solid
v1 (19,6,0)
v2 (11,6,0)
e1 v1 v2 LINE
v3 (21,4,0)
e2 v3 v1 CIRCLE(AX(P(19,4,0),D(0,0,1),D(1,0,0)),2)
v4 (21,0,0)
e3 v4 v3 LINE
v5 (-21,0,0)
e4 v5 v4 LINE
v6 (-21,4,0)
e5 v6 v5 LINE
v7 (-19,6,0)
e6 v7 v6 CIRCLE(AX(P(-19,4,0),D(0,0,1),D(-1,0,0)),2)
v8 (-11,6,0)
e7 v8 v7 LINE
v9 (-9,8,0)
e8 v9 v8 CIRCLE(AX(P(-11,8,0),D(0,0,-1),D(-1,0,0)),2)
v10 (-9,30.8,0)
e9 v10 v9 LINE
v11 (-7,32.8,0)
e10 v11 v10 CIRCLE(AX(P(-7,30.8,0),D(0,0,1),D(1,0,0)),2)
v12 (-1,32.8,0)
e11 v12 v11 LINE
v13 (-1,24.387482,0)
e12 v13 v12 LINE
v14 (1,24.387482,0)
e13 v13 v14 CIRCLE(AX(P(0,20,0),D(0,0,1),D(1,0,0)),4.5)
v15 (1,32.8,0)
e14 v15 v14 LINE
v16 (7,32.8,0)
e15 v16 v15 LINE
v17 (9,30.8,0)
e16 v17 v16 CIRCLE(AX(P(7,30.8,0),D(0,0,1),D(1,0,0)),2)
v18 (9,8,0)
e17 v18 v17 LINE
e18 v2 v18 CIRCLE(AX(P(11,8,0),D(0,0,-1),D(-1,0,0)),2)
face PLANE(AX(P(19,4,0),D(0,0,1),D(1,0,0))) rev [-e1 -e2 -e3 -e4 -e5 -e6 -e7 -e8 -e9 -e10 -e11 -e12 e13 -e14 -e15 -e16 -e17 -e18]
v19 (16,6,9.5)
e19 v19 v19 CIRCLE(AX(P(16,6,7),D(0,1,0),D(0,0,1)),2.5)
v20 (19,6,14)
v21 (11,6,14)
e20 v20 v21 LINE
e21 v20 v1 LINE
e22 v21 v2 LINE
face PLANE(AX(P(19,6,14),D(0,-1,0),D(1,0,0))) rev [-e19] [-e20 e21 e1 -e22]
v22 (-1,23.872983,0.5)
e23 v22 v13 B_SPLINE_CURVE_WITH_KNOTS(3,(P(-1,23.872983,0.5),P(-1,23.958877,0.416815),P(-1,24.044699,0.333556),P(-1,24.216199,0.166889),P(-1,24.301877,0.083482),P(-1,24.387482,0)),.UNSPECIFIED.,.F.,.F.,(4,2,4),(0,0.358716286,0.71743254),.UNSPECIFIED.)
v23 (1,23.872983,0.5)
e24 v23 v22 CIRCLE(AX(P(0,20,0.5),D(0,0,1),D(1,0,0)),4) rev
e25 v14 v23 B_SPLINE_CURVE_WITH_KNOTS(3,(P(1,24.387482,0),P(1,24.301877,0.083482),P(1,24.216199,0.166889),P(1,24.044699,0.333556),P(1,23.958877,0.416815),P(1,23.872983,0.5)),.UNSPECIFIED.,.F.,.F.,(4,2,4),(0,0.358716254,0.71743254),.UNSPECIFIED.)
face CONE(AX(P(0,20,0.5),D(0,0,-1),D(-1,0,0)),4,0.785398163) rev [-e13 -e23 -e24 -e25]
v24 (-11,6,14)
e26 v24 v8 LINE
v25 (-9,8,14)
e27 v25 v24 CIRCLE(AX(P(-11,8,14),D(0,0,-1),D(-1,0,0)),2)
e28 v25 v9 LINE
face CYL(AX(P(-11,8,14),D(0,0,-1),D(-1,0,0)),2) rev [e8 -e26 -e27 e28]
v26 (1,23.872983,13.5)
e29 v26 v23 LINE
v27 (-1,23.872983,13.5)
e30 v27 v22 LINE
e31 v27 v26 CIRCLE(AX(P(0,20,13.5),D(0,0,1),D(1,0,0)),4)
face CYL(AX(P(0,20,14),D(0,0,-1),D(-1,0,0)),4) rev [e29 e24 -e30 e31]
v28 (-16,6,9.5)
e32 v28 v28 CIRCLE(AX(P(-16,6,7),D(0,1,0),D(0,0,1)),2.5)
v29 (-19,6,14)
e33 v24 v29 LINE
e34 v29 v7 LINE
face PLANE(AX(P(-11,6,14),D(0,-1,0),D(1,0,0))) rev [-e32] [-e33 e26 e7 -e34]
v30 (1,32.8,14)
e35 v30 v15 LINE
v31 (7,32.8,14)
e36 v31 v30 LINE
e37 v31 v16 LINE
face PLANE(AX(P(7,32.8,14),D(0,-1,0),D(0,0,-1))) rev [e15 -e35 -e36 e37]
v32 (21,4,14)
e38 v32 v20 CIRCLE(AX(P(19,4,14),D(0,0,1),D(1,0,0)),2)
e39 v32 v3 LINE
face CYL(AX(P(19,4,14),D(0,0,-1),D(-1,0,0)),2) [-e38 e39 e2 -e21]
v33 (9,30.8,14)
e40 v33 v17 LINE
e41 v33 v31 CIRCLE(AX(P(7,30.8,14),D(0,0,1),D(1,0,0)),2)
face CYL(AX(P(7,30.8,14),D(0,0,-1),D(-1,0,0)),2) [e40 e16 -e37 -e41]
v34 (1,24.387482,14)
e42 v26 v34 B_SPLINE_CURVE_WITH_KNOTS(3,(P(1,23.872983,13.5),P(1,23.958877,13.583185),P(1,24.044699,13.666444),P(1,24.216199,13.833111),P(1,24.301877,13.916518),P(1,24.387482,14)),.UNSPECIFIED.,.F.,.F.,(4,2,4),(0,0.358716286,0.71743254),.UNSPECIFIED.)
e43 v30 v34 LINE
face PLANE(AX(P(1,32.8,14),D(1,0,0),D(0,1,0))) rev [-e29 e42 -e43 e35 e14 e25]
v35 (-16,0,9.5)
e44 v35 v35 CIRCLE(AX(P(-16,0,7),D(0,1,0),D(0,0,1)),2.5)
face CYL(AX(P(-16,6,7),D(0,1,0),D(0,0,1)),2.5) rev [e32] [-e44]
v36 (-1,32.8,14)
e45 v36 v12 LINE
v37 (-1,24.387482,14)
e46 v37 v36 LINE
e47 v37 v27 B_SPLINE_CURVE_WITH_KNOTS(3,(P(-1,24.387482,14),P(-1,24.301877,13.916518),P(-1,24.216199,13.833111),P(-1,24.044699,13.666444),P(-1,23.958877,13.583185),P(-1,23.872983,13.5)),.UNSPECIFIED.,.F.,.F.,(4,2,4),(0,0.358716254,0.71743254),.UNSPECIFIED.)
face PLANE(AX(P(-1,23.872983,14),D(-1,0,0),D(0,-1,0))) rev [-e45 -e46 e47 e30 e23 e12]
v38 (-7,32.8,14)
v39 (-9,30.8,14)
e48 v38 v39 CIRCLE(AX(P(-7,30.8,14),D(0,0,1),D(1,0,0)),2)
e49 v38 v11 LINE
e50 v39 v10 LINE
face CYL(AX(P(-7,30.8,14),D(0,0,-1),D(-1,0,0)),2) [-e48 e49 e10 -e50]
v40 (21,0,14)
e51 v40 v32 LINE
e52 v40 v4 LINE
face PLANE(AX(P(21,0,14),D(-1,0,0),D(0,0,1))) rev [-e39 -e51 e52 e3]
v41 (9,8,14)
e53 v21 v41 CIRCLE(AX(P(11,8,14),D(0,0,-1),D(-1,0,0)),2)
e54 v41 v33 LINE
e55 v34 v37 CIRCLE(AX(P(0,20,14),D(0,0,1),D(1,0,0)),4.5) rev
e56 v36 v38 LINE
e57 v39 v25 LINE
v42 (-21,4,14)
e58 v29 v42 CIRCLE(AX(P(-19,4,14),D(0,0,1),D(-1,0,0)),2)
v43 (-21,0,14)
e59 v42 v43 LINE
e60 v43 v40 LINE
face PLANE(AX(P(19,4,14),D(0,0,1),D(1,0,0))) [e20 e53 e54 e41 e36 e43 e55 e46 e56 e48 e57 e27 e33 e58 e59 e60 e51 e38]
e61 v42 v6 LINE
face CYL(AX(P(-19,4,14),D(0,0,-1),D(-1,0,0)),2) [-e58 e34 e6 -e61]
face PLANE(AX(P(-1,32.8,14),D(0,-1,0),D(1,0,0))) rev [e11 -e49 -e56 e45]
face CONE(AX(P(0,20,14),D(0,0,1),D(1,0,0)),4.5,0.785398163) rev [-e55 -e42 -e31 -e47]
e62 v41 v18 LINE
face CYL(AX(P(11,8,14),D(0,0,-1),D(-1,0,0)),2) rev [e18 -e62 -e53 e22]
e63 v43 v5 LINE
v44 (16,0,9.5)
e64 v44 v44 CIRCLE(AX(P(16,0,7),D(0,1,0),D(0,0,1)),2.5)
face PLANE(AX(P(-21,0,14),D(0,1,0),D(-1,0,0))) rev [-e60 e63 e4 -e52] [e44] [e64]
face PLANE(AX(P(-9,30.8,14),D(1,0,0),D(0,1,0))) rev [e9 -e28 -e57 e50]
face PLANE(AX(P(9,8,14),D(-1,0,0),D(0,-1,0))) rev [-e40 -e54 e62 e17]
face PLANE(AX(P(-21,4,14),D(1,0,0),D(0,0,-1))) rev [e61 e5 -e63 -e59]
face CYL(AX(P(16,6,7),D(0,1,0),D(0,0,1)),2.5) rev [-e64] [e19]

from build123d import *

# Parameters (mm, degrees)
BOSS_EXTRUDE1_DEPTH   = 14
CHAMFER1_SIZE         = 0.5
M6X1_0_TAPPED_HOLE1_D = 5


with BuildPart() as part:
    # Sketch1 → Boss-Extrude1 (new body)
    with BuildSketch(Plane.XY):
        with BuildLine():
            Line((-21, 4), (-21, 0))
            Line((-21, 0), (21, 0))
            Line((21, 0), (21, 4))
            ThreePointArc((21, 4), (20.414213562, 5.414213562), (19, 6))
            Line((19, 6), (11, 6))
            ThreePointArc((11, 6), (9.585786438, 6.585786438), (9, 8))
            Line((9, 8), (9, 30.8))
            ThreePointArc((9, 30.8), (8.414213562, 32.214213562), (7, 32.8))
            Line((7, 32.8), (1, 32.8))
            Line((1, 32.8), (1, 23.872983346))
            ThreePointArc((1, 23.872983346), (0, 16), (-1, 23.872983346))
            Line((-1, 23.872983346), (-1, 32.8))
            Line((-1, 32.8), (-7, 32.8))
            ThreePointArc((-7, 32.8), (-8.414213562, 32.214213562), (-9, 30.8))
            Line((-9, 30.8), (-9, 8))
            ThreePointArc((-9, 8), (-9.585786438, 6.585786438), (-11, 6))
            Line((-11, 6), (-19, 6))
            ThreePointArc((-19, 6), (-20.414213562, 5.414213562), (-21, 4))
        make_face()
    extrude(amount=BOSS_EXTRUDE1_DEPTH)

    # Chamfer1
    chamfer1_edges = [part.edges().sort_by_distance(p)[0] for p in [
        (0, 16, 0),
        (0, 16, 14),
    ]]
    chamfer(chamfer1_edges, length=CHAMFER1_SIZE)

    # M6x1.0 Tapped Hole1 (through all)
    with Locations(Plane(origin=(0, 6, 0), x_dir=(1, 0, 0), z_dir=(0, 1, 0))):
        with Locations((-16, -7), (16, -7)):
            Hole(M6X1_0_TAPPED_HOLE1_D / 2)


solid = part.part
